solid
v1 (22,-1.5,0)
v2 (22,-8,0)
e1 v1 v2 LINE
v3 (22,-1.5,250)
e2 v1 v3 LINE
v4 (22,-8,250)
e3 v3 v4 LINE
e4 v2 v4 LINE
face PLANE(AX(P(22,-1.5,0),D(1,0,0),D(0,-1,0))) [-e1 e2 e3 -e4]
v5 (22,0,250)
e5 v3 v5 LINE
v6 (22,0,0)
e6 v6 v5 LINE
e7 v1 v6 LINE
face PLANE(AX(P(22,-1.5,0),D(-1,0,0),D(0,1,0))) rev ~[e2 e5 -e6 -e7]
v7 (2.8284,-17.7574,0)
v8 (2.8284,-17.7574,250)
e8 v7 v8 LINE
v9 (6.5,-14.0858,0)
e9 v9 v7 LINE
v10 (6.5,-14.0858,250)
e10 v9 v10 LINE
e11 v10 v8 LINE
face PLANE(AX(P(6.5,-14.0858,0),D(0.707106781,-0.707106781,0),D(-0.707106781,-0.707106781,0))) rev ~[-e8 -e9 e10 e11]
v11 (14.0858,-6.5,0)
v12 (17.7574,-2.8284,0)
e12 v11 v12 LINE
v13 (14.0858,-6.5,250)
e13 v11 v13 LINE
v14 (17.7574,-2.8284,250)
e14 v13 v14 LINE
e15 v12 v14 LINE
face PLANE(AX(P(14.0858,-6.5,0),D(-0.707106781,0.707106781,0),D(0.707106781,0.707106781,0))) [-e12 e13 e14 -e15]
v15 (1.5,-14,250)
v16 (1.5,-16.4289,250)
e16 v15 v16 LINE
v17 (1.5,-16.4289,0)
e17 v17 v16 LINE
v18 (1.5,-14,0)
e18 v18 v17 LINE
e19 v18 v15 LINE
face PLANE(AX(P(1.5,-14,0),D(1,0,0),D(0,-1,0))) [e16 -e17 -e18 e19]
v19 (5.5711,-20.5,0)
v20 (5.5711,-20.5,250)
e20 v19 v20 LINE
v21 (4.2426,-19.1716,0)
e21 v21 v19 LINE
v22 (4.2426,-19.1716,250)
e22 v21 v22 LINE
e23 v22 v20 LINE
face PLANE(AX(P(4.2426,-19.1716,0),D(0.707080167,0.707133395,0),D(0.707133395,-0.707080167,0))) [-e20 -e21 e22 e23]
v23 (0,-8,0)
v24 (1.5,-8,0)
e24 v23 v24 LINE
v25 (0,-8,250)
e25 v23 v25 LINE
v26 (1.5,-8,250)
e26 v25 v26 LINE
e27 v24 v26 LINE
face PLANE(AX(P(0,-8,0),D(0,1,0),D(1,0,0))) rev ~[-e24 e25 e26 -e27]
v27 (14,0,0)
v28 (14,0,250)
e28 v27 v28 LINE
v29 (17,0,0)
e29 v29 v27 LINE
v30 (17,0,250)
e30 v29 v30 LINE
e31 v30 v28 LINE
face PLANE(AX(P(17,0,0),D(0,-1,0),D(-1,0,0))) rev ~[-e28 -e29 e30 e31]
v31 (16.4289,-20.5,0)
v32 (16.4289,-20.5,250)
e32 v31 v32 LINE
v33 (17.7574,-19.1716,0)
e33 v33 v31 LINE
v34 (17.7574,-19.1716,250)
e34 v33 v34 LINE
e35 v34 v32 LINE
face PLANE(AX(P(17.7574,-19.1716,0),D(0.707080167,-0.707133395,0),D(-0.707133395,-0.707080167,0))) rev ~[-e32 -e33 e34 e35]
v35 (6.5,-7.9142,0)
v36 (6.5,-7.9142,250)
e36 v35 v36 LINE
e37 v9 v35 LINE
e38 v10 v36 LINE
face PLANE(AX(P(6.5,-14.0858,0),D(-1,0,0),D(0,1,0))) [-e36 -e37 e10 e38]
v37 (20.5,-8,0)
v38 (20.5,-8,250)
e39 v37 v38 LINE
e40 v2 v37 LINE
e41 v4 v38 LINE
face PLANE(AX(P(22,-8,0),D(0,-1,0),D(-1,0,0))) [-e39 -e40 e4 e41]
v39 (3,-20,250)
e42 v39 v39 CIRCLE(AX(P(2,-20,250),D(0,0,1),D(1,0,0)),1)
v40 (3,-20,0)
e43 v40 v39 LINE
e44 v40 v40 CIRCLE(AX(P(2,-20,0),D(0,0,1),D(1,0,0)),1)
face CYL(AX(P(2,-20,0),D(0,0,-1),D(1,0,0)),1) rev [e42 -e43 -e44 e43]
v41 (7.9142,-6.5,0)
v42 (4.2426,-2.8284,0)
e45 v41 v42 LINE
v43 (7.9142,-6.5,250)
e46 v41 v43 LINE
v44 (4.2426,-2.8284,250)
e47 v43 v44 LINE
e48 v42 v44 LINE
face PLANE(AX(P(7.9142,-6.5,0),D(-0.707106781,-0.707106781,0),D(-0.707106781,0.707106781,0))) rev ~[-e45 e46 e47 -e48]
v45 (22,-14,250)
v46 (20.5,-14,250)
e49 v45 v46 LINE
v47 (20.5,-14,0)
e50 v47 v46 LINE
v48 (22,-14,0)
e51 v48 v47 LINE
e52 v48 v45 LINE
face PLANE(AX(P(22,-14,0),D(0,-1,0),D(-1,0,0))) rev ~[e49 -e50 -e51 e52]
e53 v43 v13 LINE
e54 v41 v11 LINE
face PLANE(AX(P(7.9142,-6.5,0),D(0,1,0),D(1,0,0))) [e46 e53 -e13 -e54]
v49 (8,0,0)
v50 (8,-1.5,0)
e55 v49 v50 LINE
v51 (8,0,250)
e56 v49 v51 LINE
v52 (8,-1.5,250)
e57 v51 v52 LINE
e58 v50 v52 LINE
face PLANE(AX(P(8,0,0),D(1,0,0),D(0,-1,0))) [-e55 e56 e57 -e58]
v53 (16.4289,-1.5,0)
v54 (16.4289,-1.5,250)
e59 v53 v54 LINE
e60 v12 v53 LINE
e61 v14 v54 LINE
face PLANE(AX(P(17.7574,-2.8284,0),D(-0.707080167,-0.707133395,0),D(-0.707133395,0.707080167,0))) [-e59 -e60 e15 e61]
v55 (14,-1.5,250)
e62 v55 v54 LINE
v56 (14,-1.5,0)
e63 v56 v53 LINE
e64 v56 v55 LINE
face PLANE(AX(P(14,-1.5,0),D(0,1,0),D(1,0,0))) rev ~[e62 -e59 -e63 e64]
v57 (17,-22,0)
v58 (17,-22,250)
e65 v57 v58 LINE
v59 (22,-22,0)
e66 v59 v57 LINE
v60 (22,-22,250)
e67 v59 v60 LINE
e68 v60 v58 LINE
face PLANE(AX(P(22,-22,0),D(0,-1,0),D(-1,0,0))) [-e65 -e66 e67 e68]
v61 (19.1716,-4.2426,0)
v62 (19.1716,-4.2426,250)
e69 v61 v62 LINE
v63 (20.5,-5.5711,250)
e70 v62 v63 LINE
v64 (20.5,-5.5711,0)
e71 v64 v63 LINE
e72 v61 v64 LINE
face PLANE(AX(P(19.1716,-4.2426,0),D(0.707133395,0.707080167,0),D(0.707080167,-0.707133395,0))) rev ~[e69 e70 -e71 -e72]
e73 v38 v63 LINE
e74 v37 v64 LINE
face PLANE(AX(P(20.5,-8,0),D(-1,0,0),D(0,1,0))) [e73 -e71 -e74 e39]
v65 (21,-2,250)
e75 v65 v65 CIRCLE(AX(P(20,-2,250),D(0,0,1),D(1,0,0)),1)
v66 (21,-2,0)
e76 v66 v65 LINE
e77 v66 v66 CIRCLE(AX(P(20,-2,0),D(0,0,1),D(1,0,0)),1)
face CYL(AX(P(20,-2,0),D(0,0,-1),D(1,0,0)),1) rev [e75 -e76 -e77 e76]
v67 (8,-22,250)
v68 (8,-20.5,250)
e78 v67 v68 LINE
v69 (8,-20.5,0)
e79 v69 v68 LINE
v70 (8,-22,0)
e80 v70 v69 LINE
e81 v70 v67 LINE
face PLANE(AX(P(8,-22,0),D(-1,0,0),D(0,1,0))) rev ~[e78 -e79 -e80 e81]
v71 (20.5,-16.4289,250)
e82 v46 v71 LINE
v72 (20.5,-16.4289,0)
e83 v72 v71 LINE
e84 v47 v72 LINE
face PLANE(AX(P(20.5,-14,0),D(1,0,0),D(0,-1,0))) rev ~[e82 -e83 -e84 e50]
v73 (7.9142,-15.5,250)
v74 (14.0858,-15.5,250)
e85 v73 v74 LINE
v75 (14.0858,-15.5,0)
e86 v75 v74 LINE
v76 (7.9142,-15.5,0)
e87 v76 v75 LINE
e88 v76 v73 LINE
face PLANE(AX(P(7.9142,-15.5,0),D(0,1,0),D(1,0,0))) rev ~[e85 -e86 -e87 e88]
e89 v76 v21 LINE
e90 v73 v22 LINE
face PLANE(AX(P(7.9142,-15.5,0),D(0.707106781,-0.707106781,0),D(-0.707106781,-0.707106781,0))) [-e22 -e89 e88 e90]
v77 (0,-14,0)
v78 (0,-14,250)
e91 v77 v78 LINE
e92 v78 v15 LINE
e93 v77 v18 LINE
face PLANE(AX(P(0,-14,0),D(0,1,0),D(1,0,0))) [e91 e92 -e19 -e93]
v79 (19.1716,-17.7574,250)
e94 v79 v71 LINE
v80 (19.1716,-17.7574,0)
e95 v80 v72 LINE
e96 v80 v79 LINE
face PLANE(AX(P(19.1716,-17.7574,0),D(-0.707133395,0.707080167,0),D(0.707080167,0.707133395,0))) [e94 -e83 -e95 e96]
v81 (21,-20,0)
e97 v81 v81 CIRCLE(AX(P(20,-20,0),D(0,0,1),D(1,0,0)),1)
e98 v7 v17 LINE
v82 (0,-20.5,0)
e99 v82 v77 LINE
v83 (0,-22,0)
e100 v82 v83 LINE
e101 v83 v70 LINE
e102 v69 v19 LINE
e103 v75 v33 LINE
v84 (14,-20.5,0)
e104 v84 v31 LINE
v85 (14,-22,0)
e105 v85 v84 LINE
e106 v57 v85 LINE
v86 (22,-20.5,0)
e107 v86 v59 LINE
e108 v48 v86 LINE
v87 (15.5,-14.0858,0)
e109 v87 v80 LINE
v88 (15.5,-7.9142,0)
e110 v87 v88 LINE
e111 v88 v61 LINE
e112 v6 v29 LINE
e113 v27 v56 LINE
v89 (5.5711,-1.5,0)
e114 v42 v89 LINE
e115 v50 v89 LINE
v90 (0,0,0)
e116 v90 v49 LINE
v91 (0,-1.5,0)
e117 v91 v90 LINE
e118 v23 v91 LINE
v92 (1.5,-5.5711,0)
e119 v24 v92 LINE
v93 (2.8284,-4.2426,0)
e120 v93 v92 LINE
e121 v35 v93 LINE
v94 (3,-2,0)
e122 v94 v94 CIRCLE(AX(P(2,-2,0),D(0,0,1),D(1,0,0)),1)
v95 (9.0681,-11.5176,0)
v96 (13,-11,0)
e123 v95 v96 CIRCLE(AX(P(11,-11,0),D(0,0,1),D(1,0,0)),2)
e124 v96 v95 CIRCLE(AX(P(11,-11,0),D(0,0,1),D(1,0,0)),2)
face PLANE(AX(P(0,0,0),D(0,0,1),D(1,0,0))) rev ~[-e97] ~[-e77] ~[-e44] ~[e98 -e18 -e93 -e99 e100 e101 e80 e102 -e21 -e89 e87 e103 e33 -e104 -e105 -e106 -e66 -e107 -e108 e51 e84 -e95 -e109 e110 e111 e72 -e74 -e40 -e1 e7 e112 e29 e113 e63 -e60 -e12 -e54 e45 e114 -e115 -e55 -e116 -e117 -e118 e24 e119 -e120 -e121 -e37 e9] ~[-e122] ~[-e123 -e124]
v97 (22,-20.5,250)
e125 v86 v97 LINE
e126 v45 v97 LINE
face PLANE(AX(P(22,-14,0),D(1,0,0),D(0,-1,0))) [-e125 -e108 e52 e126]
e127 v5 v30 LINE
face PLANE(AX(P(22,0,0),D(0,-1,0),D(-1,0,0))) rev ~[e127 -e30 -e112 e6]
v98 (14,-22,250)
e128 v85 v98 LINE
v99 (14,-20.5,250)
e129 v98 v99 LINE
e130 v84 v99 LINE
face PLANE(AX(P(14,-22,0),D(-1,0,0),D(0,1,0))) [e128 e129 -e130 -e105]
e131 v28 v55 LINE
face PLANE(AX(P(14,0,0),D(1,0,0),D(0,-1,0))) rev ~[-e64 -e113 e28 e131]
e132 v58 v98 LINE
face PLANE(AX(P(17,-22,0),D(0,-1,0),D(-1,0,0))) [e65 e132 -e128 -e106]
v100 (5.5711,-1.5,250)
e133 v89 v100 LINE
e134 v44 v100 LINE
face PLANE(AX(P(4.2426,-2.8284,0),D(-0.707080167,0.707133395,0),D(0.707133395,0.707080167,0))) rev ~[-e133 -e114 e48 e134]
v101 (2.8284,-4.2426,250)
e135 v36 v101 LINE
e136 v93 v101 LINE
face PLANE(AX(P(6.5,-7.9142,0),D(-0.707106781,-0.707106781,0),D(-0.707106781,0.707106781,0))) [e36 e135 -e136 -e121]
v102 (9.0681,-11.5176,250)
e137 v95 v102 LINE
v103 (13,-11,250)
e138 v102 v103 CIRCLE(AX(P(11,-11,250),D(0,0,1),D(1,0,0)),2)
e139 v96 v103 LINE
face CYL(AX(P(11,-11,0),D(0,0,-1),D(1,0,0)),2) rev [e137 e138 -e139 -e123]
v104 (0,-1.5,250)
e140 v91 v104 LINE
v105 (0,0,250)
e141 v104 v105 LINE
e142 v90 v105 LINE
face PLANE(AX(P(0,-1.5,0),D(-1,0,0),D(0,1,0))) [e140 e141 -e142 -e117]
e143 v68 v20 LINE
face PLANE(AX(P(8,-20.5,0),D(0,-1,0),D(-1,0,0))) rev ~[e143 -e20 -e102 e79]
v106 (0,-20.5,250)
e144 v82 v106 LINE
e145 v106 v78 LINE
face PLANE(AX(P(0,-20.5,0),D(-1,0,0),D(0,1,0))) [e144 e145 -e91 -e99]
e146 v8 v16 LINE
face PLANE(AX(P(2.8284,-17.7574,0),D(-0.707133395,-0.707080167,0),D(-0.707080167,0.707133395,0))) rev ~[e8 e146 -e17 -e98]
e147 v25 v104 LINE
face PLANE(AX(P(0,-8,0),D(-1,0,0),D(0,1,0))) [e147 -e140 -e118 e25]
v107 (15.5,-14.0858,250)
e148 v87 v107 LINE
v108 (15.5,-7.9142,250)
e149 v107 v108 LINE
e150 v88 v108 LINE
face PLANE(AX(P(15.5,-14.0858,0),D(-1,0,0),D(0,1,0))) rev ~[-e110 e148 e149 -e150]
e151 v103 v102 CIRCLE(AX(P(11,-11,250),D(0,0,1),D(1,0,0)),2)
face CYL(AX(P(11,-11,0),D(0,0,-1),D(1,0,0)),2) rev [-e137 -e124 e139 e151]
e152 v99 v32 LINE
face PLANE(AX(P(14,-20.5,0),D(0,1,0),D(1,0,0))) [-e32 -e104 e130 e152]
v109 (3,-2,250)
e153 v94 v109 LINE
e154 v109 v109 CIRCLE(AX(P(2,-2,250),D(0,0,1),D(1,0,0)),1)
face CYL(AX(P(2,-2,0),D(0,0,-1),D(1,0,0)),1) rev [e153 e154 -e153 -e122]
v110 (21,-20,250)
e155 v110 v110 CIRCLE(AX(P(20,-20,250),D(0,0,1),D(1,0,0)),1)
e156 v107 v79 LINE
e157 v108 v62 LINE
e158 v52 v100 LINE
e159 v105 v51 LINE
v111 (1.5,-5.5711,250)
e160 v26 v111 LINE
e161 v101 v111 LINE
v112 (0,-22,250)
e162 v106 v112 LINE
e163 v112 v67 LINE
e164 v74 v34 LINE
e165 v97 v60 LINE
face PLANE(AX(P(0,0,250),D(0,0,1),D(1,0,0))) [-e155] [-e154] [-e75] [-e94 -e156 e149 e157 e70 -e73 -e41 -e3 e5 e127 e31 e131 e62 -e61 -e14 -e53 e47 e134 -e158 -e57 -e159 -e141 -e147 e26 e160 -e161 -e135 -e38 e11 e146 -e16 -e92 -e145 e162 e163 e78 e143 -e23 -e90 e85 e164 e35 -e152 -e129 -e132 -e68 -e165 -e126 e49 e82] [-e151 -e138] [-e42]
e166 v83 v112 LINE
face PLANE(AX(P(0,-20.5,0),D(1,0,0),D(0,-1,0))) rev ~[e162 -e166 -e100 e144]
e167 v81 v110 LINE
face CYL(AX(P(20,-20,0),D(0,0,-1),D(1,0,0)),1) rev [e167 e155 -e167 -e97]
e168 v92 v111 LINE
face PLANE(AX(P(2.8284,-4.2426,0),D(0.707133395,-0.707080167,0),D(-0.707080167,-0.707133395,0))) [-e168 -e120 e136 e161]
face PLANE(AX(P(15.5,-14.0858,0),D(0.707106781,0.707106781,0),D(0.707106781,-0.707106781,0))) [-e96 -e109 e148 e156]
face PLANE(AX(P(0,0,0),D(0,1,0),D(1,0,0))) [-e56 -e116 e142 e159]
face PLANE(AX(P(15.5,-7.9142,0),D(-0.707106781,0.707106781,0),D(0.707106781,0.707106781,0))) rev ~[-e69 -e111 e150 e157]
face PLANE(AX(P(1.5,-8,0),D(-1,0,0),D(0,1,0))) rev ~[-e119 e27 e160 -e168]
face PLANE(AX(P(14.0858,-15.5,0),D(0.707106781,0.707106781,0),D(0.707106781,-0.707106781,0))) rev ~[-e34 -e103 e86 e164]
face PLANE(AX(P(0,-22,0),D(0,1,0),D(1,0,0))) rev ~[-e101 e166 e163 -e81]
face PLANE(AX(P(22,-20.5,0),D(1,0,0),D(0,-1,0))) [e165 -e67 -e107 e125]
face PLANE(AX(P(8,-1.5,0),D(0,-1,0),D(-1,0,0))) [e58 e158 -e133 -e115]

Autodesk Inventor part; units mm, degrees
ref_plane "YZ Plane" through (0, 0, 0) normal (1, 0, 0) x (0, 1, 0)
ref_plane "XZ Plane" through (0, 0, 0) normal (0, 1, 0) x (-1, 0, 0)
ref_plane "XY Plane" through (0, 0, 0) normal (0, 0, 1) x (1, 0, 0)
sketch "Sketch1" plane through (0, 0, 0) normal (0, 0, 1) x (1, 0, 0)
  line L0 (0, 0) -> (8, 0)
  line L1 (8, 0) -> (8, -1.5)
  line L2 (8, -1.5) -> (5.5711, -1.5)
  line L3 (0, -1.5) -> (0, 0)
  line L4 (0, 0) -> (5, 0) construction
  line L5 (4.2426, -2.8284) -> (5.5711, -1.5)
  line L6 (6.5, -14.0858) -> (6.5, -7.9142)
  line L7 (7.9142, -6.5) -> (15.5, -6.5)
  line L8 (0, -8) -> (1.5, -8)
  line L9 (1.5, -8) -> (1.5, -5.5711)
  line L10 (11, -11) -> (10.2929, -10.2929) construction
  line L11 (11, -11) -> (10.2929, -11.7071) construction
  line L12 (0, 0) -> (8, 0)
  line L13 (5.5711, -1.5) -> (4.2426, -2.8284)
  line L14 (2.8284, -4.2426) -> (1.5, -5.5711)
  line L15 (7.9142, -6.5) -> (4.2426, -2.8284)
  line L16 (6.5, -7.9142) -> (2.8284, -4.2426)
  circle A0 centre (11, -11) radius 2
  line L17 (11, -11) -> (16.6687, -11) construction
  line L18 (11, -16.9105) -> (11, -11) construction
  line L19 (22, 0) -> (14, 0)
  line L20 (14, 0) -> (14, -1.5)
  line L21 (14, -1.5) -> (16.4289, -1.5)
  line L22 (22, -1.5) -> (22, 0)
  line L23 (22, 0) -> (17, 0)
  line L24 (17.7574, -2.8284) -> (16.4289, -1.5)
  line L25 (15.5, -15.5) -> (15.5, -7.9142)
  line L26 (15.5, -6.5) -> (7.9142, -6.5)
  line L27 (22, -8) -> (20.5, -8)
  line L28 (20.5, -8) -> (20.5, -5.5711)
  line L29 (11, -11) -> (11.7071, -10.2929) construction
  line L30 (11, -11) -> (11.7071, -11.7071) construction
  line L31 (22, 0) -> (14, 0)
  line L32 (16.4289, -1.5) -> (17.7574, -2.8284)
  line L33 (19.1716, -4.2426) -> (20.5, -5.5711)
  line L34 (14.0858, -6.5) -> (17.7574, -2.8284)
  line L35 (15.5, -7.9142) -> (19.1716, -4.2426)
  circle A1 centre (11, -11) radius 2
  line L36 (0, -22) -> (8, -22)
  line L37 (8, -22) -> (8, -20.5)
  line L38 (8, -20.5) -> (5.5711, -20.5)
  line L39 (0, -20.5) -> (0, -22)
  line L40 (0, -22) -> (5, -22) construction
  line L41 (4.2426, -19.1716) -> (5.5711, -20.5)
  line L42 (6.5, -7.9142) -> (6.5, -14.0858)
  line L43 (6.5, -15.5) -> (14.0858, -15.5)
  line L44 (0, -14) -> (1.5, -14)
  line L45 (1.5, -14) -> (1.5, -16.4289)
  line L46 (11, -11) -> (10.2929, -11.7071) construction
  line L47 (11, -11) -> (10.2929, -10.2929) construction
  line L48 (0, -22) -> (8, -22)
  line L49 (5.5711, -20.5) -> (4.2426, -19.1716)
  line L50 (2.8284, -17.7574) -> (1.5, -16.4289)
  line L51 (7.9142, -15.5) -> (4.2426, -19.1716)
  line L52 (6.5, -14.0858) -> (2.8284, -17.7574)
  circle A2 centre (11, -11) radius 2
  line L53 (22, -22) -> (14, -22)
  line L54 (14, -22) -> (14, -20.5)
  line L55 (14, -20.5) -> (16.4289, -20.5)
  line L56 (22, -20.5) -> (22, -22)
  line L57 (22, -22) -> (17, -22)
  line L58 (17.7574, -19.1716) -> (16.4289, -20.5)
  line L59 (20.5, -14) -> (20.5, -16.4289)
  line L60 (15.5, -14.0858) -> (19.1716, -17.7574)
  line L61 (19.1716, -17.7574) -> (20.5, -16.4289)
  line L62 (14.0858, -15.5) -> (17.7574, -19.1716)
  line L63 (16.4289, -20.5) -> (17.7574, -19.1716)
  line L64 (22, -22) -> (14, -22)
  line L65 (22, -14) -> (20.5, -14)
  line L66 (11, -11) -> (11.7071, -11.7071) construction
  line L67 (11, -11) -> (11.7071, -10.2929) construction
  line L68 (14.0858, -15.5) -> (6.5, -15.5)
  line L69 (15.5, -7.9142) -> (15.5, -15.5)
  circle A3 centre (11, -11) radius 2
  line L70 (22, -14) -> (22, -20.5)
  line L71 (22, -1.5) -> (22, -8)
  line L72 (8, 0) -> (0, 0) construction
  line L73 (0, 0) -> (0, -8) construction
  line L74 (9.5858, -11) -> (9.0681, -11.5176)
  line L75 (6.5, -14.0858) -> (2.8284, -17.7574)
  line L76 (0, -22) -> (0, -14)
  line L77 (0, -8) -> (0, 0)
  line L78 (0, 0) -> (2, 0) construction
  line L79 (2, 0) -> (2, -2) construction
  circle A4 centre (2, -2) radius 1
  circle A5 centre (20, -2) radius 1
  circle A6 centre (2, -20) radius 1
  circle A7 centre (20, -20) radius 1
  point P0 (3.5355, -3.5355)
  point P1 (0, -7.0711)
  point P2 (6.5, -6.5)
  point P3 (6.5, -15.5)
  point P4 (1.5, 0)
  point P5 (10.2929, -10.2929)
  point P6 (18.4645, -3.5355)
  point P7 (22, -7.0711)
  point P8 (6.5, -6.5)
  point P9 (20.5, 0)
  point P10 (11.7071, -10.2929)
  point P11 (12.4142, -11)
  point P12 (3.5355, -18.4645)
  point P13 (0, -14.9289)
  point P14 (6.5, -6.5)
  point P15 (1.5, -22)
  point P16 (10.2929, -11.7071)
  point P17 (18.4645, -18.4645)
  point P18 (20.5, -22)
  point P19 (22, -14.9289)
  point P20 (15.5, -6.5)
  point P21 (11.7071, -11.7071)
  dimension "d2" = 8
  dimension "d3" = 1.5
  dimension "d4" = 5
  dimension "d10" = 9
  dimension "d11" = 9
  dimension "d14" = 4
  dimension "d15" = 2
  dimension "d16" = 2
  dimension "d17" = 2
extrude "Extrusion1" add sketch "Sketch1" along normal blind 250
properties part number "extrusion_250"
